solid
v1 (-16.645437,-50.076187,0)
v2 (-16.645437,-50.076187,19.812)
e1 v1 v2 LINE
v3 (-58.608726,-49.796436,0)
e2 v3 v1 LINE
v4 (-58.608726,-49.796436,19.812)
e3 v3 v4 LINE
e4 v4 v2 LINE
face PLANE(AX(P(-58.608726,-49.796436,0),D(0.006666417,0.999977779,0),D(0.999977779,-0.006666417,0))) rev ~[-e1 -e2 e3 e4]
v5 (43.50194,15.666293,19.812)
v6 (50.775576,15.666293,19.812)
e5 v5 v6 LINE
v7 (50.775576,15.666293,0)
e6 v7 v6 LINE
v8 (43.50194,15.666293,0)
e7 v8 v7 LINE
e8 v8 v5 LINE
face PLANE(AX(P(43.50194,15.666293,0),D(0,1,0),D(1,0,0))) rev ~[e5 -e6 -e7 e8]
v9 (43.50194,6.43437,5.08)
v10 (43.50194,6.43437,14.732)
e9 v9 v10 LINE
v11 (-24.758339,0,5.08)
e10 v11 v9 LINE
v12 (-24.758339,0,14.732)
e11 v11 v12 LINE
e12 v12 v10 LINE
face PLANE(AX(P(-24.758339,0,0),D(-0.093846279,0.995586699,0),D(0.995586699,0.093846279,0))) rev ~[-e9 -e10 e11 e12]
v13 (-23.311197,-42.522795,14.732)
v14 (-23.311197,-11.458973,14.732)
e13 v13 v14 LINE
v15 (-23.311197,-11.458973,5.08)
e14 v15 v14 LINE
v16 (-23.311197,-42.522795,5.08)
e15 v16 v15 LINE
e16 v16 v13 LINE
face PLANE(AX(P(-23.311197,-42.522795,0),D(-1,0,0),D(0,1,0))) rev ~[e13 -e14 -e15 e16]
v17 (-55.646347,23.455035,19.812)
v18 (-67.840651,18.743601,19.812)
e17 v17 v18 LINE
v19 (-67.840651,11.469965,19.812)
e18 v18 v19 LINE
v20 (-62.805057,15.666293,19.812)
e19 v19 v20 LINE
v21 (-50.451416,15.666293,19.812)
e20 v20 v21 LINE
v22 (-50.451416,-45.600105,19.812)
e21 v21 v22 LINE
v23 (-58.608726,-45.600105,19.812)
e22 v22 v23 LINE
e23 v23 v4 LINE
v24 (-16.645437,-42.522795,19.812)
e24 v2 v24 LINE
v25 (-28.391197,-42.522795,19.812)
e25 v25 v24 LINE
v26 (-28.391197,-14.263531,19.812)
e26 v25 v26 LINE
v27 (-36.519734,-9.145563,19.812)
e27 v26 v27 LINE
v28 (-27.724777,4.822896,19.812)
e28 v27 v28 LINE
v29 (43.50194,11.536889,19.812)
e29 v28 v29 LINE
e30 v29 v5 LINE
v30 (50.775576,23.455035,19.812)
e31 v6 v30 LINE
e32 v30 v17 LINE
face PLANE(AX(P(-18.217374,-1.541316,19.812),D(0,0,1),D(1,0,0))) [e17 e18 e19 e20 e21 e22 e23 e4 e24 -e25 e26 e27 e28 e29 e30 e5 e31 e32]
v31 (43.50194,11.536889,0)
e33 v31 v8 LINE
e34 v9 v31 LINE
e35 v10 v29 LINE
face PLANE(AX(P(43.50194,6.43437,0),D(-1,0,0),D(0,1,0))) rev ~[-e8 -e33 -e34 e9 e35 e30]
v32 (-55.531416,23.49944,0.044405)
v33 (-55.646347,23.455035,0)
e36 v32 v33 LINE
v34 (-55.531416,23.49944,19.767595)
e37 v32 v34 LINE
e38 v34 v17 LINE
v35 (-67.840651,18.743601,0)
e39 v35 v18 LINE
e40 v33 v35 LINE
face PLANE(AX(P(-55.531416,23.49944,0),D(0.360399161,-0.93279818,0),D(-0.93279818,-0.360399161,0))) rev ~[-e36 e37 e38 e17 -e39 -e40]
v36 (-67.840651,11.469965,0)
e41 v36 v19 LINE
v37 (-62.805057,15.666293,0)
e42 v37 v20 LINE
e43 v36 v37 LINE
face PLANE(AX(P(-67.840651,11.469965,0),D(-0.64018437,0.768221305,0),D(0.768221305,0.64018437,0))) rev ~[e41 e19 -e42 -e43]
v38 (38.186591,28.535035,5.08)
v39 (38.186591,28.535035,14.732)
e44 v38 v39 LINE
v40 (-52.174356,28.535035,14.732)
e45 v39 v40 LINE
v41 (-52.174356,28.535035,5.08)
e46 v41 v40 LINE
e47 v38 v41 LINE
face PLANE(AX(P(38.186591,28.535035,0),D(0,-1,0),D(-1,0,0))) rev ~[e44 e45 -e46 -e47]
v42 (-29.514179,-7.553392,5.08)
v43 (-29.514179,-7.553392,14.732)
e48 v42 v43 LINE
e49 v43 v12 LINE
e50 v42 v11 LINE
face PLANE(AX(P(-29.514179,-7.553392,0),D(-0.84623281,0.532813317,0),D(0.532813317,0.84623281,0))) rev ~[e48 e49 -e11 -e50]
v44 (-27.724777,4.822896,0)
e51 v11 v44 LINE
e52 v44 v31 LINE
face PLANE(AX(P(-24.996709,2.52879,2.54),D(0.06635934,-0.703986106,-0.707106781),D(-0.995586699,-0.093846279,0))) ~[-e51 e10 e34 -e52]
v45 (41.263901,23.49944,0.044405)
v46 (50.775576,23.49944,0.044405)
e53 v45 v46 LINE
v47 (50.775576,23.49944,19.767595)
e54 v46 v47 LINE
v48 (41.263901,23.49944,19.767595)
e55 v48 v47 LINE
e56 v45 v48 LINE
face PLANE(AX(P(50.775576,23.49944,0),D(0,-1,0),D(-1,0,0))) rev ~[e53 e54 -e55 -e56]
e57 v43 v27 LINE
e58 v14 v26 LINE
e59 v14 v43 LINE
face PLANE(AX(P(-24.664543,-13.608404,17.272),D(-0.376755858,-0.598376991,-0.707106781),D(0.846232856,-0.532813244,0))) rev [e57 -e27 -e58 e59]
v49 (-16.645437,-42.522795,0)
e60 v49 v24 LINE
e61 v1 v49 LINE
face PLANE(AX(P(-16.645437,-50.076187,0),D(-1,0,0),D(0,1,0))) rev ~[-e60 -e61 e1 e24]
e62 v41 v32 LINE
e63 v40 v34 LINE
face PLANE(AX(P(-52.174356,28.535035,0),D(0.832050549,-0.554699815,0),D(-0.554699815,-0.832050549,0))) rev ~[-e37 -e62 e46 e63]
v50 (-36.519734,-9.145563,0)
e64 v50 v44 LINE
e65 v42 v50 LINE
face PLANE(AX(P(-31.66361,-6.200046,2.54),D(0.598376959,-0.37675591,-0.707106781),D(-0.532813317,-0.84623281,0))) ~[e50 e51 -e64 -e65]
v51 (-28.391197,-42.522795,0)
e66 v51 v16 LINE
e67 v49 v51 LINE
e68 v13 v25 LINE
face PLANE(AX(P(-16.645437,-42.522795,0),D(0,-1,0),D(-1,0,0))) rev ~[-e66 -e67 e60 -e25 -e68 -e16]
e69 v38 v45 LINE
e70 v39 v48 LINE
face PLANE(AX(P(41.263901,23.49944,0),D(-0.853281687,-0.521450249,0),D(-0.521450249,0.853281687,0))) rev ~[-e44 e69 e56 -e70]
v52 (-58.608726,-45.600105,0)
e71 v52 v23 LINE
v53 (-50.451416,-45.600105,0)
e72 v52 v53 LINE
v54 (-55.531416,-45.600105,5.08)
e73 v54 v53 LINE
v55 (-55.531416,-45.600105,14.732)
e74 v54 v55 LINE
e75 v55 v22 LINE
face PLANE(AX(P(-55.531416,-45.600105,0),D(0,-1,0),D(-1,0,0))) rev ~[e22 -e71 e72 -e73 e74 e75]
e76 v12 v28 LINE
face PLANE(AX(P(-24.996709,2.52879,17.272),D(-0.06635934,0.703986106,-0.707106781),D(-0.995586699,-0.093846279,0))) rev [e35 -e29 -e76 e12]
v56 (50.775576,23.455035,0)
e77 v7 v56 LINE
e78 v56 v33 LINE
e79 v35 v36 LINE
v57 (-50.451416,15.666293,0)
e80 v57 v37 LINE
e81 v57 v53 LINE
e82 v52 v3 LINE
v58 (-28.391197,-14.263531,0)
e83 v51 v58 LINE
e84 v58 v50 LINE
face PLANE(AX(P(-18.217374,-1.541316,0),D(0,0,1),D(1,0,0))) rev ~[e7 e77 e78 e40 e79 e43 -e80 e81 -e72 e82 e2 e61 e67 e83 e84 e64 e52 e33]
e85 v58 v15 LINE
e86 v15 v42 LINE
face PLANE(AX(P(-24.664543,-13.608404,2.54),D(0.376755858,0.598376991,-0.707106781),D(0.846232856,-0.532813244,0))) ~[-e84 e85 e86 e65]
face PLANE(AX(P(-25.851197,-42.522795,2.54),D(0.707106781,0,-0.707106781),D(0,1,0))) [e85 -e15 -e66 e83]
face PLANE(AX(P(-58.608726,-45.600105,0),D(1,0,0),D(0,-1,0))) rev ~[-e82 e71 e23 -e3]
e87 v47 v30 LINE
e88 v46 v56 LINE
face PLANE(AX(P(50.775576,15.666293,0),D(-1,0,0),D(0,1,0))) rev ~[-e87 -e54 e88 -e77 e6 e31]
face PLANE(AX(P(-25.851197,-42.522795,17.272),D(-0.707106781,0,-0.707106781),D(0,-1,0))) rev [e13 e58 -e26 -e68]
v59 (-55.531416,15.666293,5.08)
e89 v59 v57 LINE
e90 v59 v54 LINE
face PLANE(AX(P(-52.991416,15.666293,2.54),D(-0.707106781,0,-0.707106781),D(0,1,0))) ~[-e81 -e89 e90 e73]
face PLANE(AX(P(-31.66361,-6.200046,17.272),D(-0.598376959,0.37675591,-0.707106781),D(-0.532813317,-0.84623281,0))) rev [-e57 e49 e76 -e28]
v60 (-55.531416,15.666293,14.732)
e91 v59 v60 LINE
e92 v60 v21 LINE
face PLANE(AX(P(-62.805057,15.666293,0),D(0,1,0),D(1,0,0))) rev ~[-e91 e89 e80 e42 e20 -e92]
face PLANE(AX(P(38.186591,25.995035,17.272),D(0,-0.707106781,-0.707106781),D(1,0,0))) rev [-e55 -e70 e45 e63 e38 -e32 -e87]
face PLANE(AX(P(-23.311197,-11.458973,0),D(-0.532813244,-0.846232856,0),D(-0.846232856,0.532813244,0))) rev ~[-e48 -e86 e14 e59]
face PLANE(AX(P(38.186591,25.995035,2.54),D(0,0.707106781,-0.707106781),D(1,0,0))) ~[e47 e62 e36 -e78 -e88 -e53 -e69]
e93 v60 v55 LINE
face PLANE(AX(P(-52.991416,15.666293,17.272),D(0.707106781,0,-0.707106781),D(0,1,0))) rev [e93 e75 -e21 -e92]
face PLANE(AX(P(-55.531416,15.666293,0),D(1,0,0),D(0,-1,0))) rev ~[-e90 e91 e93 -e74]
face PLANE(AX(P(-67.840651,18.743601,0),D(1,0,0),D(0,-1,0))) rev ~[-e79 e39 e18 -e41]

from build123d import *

# Parameters (mm, degrees)
F1_DEPTH = 19.812
F2_SIZE  = 5.08
F3_SIZE  = 5.08


with BuildPart() as f1:
    # F0 (on Top) → F1 (new body)
    with BuildSketch(Plane.XY):
        Polygon((-58.608726, -45.600105), (-58.608726, -49.796436), (-16.645437, -50.076187), (-16.645437, -42.522795), (-23.311197, -42.522795), (-23.311197, -25.737481), (-23.311197, -11.458973), (-29.514179, -7.553392), (-24.758339, 0), (43.50194, 6.43437), (43.50194, 15.666293), (50.775576, 15.666293), (50.775576, 23.49944), (41.263901, 23.49944), (38.186591, 28.535035), (-52.174356, 28.535035), (-55.531416, 23.49944), (-67.840651, 18.743601), (-67.840651, 11.469965), (-62.805057, 15.666293), (-55.531416, 15.666293), (-55.531416, -45.600105), align=None)
    extrude(amount=F1_DEPTH)

    # F2
    f2_edges = [f1.edges().sort_by_distance(p)[0] for p in [
        (-6.993882, 28.535035, 19.812),
        (9.3718, 3.217185, 19.812),
        (-55.531416, -14.966906, 19.812),
        (-23.311197, -26.990884, 19.812),
        (-26.412688, -9.506182, 19.812),
        (-27.136259, -3.776696, 19.812),
    ]]
    chamfer(f2_edges, length=F2_SIZE)

    # F3
    f3_edges = [f1.edges().sort_by_distance(p)[0] for p in [
        (-55.531416, -14.966906, 0),
        (-6.993882, 28.535035, 0),
        (9.3718, 3.217185, 0),
        (-23.311197, -26.990884, 0),
        (-26.412688, -9.506182, 0),
        (-27.136259, -3.776696, 0),
    ]]
    chamfer(f3_edges, length=F3_SIZE)


solid = f1.part
